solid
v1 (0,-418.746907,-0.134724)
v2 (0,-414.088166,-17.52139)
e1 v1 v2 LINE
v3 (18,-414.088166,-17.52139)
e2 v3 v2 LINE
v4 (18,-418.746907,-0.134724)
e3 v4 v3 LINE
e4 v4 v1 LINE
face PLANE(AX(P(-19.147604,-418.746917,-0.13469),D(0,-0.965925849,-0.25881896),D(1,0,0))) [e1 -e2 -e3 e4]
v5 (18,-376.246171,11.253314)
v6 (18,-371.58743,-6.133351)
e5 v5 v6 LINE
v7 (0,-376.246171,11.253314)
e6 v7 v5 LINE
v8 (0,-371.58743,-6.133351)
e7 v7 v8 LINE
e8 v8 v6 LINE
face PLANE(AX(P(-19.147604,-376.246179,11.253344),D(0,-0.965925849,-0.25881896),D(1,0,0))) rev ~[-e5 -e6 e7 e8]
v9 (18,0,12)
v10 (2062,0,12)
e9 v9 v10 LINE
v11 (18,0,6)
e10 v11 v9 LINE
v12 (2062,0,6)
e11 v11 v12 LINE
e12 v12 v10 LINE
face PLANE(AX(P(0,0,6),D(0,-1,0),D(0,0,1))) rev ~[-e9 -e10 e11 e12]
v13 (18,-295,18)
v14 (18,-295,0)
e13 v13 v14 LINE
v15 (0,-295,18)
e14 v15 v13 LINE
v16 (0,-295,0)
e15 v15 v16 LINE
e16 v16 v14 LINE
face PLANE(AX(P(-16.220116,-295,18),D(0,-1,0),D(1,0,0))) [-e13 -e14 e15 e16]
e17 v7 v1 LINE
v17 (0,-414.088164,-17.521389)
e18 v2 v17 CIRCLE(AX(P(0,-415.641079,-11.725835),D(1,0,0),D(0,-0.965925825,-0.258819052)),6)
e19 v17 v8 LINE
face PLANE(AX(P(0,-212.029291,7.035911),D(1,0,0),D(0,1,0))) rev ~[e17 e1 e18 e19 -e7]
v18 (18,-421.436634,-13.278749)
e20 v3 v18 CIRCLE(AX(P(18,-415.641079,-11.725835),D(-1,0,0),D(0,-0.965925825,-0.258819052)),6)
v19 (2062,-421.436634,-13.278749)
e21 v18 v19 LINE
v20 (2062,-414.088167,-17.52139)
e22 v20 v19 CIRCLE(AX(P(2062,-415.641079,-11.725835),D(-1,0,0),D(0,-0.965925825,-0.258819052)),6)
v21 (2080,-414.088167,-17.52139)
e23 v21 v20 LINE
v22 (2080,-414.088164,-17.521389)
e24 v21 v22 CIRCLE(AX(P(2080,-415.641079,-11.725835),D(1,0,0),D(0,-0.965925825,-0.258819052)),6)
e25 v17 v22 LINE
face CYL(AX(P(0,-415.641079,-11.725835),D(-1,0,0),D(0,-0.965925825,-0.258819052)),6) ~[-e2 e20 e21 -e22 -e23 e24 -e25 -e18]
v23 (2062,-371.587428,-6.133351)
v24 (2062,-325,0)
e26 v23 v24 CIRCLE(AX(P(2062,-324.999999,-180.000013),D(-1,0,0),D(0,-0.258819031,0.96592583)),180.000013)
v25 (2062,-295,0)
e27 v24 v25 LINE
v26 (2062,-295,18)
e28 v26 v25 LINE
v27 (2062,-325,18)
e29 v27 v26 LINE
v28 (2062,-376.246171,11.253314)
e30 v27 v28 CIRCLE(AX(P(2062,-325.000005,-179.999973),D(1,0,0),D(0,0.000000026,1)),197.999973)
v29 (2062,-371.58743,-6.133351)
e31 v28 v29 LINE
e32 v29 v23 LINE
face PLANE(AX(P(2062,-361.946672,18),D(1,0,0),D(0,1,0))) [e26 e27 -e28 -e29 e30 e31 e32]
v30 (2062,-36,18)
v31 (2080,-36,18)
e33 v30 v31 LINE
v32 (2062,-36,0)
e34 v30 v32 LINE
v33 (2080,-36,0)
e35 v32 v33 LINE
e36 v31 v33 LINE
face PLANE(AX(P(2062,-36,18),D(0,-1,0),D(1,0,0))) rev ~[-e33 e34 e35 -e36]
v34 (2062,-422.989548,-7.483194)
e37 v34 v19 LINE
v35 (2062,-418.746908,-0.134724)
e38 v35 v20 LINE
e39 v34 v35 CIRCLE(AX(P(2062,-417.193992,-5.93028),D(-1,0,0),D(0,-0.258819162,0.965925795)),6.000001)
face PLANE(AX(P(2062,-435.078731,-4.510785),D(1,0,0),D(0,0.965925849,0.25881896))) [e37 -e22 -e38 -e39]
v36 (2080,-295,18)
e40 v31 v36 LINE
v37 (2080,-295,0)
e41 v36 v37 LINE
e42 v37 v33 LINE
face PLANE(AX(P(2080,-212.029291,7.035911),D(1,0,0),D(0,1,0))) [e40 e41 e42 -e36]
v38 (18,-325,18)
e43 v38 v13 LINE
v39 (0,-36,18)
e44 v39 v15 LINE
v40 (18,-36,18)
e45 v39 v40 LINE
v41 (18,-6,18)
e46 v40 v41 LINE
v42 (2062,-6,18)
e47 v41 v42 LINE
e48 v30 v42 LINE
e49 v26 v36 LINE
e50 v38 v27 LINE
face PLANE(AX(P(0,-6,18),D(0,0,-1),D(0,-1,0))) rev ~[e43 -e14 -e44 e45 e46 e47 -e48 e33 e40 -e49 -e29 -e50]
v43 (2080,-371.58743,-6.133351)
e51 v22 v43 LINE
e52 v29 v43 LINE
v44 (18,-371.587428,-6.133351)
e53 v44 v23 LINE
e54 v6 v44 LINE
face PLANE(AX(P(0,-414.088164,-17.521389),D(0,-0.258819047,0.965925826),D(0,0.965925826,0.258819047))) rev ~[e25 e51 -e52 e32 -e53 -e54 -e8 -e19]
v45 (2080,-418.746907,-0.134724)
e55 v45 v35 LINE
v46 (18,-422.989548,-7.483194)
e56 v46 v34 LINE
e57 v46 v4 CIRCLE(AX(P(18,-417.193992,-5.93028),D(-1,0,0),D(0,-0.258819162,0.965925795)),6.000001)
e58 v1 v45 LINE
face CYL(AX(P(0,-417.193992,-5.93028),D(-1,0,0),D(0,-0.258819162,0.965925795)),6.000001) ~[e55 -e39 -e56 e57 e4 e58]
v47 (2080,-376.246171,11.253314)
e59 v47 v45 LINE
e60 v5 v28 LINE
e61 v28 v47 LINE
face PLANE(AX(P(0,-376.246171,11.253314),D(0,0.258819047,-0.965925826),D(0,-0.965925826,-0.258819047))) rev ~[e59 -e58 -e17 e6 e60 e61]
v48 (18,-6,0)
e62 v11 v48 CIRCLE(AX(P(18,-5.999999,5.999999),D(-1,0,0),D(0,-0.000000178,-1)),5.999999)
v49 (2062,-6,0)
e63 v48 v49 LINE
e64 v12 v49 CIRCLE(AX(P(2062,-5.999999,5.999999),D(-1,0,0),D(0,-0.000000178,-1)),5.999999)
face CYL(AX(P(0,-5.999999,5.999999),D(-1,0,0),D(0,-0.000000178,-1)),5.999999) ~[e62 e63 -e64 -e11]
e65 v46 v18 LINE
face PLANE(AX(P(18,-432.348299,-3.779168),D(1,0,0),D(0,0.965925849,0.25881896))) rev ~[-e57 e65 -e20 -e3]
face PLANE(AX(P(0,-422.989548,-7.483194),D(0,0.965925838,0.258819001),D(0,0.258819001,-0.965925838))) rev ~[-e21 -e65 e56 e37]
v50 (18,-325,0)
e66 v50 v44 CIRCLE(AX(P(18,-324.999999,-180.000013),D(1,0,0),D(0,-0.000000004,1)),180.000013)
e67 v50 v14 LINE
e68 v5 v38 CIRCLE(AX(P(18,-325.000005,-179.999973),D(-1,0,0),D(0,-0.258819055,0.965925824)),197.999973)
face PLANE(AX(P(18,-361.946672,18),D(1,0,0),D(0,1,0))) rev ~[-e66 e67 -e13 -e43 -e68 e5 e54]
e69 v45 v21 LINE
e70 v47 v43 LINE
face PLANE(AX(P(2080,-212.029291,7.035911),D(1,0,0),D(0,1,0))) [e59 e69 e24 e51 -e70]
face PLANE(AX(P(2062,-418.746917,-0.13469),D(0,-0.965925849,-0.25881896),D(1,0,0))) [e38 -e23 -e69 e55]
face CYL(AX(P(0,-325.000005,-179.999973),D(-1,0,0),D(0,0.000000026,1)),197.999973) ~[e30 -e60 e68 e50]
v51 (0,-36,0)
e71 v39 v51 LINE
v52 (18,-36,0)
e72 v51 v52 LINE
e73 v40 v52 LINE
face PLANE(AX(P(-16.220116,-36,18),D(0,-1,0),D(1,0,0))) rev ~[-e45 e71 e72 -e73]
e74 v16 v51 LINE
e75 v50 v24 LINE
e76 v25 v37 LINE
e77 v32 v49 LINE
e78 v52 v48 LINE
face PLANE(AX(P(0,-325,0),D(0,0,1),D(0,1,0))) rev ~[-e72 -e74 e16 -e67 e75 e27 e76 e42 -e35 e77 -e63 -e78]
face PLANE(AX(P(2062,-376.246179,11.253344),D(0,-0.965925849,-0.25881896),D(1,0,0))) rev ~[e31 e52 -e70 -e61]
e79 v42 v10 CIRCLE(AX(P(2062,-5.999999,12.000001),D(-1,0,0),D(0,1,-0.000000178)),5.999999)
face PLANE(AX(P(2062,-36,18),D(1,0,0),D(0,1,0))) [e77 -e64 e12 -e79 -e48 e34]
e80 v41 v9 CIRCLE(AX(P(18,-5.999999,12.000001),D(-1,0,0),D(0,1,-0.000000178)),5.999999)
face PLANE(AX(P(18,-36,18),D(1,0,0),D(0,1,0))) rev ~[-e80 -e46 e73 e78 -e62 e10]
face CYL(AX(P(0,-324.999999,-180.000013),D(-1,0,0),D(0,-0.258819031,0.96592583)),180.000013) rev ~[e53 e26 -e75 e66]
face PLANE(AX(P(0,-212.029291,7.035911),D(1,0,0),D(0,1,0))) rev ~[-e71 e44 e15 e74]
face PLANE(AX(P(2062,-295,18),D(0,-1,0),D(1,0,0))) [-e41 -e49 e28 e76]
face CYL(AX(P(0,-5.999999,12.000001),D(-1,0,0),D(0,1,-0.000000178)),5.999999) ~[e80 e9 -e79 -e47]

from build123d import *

# Parameters (mm, degrees)
F1_DEPTH = 2080
F2_W     = 39.969242
F2_H     = 51.200114
F2_H_2   = 66.946672
F2_W_2   = 34.220117
F2_H_3   = 62.673524
F3_DEPTH = 25
F4_W     = 37.147605
F4_H     = 21.549247
F4_H_2   = 14.081187
F4_W_2   = 32.29431
F4_H_3   = 23.482673
F4_H_4   = 16.907938
F5_DEPTH = 25


with BuildPart() as f1:
    # F0 (on Right) → F1 (new body)
    with BuildSketch(Plane.YZ):
        with BuildLine():
            Line((-325, 0), (-6, 0))
            ThreePointArc((-6, 0), (-1.757359, 1.757359), (0, 6))
            Line((0, 6), (0, 12))
            ThreePointArc((0, 12), (-1.757359, 16.242641), (-6, 18))
            Line((-6, 18), (-325, 18))
            ThreePointArc((-325, 18), (-350.844186, 16.306083), (-376.246171, 11.253314))
            Line((-376.246171, 11.253314), (-418.746907, -0.134724))
            ThreePointArc((-418.746907, -0.134724), (-422.390145, -2.930279), (-422.989548, -7.483194))
            Line((-422.989548, -7.483194), (-421.436634, -13.278749))
            ThreePointArc((-421.436634, -13.278749), (-418.641079, -16.921987), (-414.088164, -17.521389))
            Line((-414.088164, -17.521389), (-371.587428, -6.133351))
            ThreePointArc((-371.587428, -6.133351), (-348.494715, -1.539925), (-325, 0))
        make_face()
    extrude(amount=F1_DEPTH)

    # F2 (on face) → F3 (cut)
    with BuildSketch(Plane.XY.offset(18)):
        with Locations((2081.984621, -10.399943)):
            Rectangle(F2_W, F2_H)
        with Locations((2081.984621, -328.473336)):
            Rectangle(F2_W, F2_H_2)
        with Locations((0.889942, -328.473336)):
            Rectangle(F2_W_2, F2_H_2)
        with Locations((0.889942, -4.663238)):
            Rectangle(F2_W_2, F2_H_3)
    extrude(amount=-F3_DEPTH, mode=Mode.SUBTRACT)

    # F4 (on face) → F5 (cut)
    with BuildSketch(Plane(origin=(0, -28.017043, 104.561027), x_dir=(1, 0, 0), z_dir=(0, -0.258819, 0.965926))):
        with Locations((-0.573802, -349.738698)):
            Rectangle(F4_W, F4_H)
        with Locations((-0.573802, -411.553915)):
            Rectangle(F4_W, F4_H_2)
        with Locations((2078.147155, -348.771985)):
            Rectangle(F4_W_2, F4_H_3)
        with Locations((2078.147155, -412.967291)):
            Rectangle(F4_W_2, F4_H_4)
    extrude(amount=-F5_DEPTH, mode=Mode.SUBTRACT)


solid = f1.part
